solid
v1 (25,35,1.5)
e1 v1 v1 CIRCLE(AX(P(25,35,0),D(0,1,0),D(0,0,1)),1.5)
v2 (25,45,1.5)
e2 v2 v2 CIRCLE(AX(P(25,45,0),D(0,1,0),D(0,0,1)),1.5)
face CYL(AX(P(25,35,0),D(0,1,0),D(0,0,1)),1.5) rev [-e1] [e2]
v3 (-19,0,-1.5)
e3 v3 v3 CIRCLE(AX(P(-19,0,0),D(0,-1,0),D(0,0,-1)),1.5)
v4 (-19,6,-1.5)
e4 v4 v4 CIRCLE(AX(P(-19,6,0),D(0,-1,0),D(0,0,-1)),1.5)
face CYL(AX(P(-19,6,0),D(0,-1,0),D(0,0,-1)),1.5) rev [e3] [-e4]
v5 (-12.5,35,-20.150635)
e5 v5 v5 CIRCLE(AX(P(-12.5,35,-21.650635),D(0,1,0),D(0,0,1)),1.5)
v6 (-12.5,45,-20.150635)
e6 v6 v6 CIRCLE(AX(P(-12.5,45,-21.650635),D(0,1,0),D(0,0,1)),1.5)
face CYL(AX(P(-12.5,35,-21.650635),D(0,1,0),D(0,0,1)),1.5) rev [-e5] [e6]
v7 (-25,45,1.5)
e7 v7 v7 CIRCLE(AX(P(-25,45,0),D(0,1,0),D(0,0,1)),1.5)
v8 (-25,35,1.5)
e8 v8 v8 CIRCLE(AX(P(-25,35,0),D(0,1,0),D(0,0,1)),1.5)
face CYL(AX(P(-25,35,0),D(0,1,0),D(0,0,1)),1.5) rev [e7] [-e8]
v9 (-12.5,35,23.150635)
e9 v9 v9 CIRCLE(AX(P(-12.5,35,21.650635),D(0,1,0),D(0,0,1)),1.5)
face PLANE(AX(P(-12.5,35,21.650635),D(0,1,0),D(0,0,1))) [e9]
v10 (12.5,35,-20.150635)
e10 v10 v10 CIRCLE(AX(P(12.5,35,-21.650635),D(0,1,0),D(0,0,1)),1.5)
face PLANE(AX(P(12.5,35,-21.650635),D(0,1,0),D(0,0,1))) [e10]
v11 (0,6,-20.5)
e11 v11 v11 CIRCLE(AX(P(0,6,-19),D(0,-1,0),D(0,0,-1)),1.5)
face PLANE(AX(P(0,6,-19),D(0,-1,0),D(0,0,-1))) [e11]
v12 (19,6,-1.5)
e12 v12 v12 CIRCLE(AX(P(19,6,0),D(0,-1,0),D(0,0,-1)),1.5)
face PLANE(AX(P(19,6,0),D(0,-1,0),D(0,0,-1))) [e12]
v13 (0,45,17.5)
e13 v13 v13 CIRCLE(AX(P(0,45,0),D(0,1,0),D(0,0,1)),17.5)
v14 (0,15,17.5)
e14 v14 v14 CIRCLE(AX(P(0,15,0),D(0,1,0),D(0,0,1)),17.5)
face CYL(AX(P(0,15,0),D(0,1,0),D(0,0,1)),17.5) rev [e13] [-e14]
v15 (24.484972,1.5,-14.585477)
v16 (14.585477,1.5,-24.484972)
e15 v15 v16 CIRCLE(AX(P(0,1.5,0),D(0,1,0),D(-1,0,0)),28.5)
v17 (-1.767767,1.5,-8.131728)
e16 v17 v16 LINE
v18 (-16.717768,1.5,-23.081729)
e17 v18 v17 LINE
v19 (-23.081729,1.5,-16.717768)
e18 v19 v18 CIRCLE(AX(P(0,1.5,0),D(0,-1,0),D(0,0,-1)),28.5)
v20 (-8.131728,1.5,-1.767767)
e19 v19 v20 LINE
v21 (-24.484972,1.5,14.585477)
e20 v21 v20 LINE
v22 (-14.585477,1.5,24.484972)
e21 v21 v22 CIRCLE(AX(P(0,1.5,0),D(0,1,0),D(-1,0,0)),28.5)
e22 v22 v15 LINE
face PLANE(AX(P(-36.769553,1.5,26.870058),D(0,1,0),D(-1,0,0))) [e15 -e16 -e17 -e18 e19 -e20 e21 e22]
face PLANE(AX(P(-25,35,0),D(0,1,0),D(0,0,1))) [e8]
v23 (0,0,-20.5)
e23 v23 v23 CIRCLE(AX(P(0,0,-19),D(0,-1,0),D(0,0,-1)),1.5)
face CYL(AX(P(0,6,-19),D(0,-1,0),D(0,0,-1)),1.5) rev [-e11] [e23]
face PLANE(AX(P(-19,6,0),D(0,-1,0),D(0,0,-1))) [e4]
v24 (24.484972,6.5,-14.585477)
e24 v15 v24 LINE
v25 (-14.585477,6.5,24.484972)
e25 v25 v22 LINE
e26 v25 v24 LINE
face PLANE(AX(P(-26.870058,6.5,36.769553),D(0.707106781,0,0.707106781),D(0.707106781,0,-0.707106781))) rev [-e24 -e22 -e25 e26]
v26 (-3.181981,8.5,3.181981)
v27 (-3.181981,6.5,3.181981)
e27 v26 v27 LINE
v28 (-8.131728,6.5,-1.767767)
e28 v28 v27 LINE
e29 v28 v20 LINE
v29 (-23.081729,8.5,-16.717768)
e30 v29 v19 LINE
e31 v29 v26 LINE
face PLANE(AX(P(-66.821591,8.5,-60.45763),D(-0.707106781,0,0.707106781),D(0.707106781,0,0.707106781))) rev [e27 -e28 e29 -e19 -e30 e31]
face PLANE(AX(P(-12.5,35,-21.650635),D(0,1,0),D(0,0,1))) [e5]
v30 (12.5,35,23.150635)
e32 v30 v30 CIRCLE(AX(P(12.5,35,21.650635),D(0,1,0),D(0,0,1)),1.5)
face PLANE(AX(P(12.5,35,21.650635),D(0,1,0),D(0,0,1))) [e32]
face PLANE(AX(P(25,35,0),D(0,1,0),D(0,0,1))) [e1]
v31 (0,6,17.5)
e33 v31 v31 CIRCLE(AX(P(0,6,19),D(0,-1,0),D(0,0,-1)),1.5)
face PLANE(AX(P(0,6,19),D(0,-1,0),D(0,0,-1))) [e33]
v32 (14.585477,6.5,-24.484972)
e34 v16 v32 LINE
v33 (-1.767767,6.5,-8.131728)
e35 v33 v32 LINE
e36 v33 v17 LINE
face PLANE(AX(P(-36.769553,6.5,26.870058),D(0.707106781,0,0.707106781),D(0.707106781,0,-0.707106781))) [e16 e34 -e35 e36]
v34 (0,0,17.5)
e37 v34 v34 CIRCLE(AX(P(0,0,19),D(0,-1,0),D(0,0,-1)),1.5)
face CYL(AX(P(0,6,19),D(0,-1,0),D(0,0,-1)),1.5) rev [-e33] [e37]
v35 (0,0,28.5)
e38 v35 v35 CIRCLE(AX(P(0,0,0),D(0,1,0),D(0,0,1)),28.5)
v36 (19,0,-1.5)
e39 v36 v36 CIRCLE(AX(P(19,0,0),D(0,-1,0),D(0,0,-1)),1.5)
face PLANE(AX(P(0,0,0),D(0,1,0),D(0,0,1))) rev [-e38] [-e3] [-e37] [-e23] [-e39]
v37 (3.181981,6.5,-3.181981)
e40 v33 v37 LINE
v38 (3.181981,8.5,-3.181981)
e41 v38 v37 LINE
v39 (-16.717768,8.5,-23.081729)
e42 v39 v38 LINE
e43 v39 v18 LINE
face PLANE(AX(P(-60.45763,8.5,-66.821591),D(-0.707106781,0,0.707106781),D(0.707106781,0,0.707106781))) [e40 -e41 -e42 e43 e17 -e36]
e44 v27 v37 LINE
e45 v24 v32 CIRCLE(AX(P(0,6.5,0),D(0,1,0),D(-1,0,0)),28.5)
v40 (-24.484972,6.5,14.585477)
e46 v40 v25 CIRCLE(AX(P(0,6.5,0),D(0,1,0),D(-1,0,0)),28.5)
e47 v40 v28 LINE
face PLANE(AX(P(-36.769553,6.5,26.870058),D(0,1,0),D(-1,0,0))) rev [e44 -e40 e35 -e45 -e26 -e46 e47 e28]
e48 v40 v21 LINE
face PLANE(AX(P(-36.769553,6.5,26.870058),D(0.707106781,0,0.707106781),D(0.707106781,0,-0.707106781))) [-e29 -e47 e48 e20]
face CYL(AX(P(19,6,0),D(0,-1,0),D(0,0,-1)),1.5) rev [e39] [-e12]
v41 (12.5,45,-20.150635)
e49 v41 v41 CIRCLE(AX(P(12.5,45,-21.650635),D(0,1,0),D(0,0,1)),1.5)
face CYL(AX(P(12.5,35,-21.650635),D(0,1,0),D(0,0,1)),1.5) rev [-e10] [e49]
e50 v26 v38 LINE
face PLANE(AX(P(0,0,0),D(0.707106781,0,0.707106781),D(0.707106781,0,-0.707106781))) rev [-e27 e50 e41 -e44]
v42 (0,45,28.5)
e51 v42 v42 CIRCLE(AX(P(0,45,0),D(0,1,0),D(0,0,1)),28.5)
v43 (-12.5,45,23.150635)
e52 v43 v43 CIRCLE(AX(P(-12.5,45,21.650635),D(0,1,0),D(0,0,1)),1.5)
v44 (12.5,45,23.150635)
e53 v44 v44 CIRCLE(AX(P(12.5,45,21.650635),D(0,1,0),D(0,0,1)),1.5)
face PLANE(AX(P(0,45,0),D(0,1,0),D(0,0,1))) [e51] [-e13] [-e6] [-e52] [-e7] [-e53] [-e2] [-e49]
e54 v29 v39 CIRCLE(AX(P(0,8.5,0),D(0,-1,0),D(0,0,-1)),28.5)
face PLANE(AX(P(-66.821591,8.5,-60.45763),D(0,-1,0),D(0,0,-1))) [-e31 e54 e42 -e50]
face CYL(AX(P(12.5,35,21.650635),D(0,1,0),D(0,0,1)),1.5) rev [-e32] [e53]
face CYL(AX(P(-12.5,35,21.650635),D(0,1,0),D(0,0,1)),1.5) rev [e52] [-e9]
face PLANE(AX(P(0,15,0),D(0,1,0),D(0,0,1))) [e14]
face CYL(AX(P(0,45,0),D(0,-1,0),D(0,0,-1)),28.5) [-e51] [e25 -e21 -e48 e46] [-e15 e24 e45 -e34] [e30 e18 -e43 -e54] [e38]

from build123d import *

# Parameters (mm, degrees)
SKETCH_1_R          = 28.5
EXTRUDE_1_DEPTH     = 45
SKETCH_2_R          = 17.5
CUT_EXTRUDE_1_DEPTH = 30
SKETCH_3_R          = 1.5
CUT_EXTRUDE_2_DEPTH = 6
SKETCH_7_W          = 5
SKETCH_7_H          = 14
CUT_EXTRUDE_3_DEPTH = 45
SKETCH_8_W          = 7
SKETCH_8_H          = 9
CUT_EXTRUDE_4_DEPTH = 90
SKETCH_9_R          = 1.5
CUT_EXTRUDE_5_DEPTH = 10


with BuildPart() as part:
    # 草图1 → 凸台-拉伸1 (new body)
    with BuildSketch(Plane(origin=(0, 0, 0), x_dir=(1, 0, 0), z_dir=(0, 1, 0))):
        Circle(SKETCH_1_R)
    extrude(amount=EXTRUDE_1_DEPTH)

    # 草图2 → 切除-拉伸1 (cut)
    with BuildSketch(Plane(origin=(0, 45, 0), x_dir=(1, 0, 0), z_dir=(0, 1, 0))):
        Circle(SKETCH_2_R)
    extrude(amount=-CUT_EXTRUDE_1_DEPTH, mode=Mode.SUBTRACT)

    # 草图3 → 切除-拉伸2 (cut)
    with BuildSketch(Plane.XZ):
        with Locations((-19, 0)):
            Circle(SKETCH_3_R)
        with Locations((0, 19)):
            Circle(SKETCH_3_R)
        with Locations((19, 0)):
            Circle(SKETCH_3_R)
        with Locations((0, -19)):
            Circle(SKETCH_3_R)
    extrude(amount=-CUT_EXTRUDE_2_DEPTH, mode=Mode.SUBTRACT)

    # 草图7 → 切除-拉伸3 (cut, symmetric)
    with BuildSketch(Plane(origin=(0, 0, 0), x_dir=(0, 1, 0), z_dir=(0.7071067811865438, 0, -0.7071067811865512))):
        with Locations((4, 0)):
            Rectangle(SKETCH_7_W, SKETCH_7_H)
    extrude(amount=CUT_EXTRUDE_3_DEPTH, both=True, mode=Mode.SUBTRACT)

    # 草图8 → 切除-拉伸4 (cut)
    with BuildSketch(Plane(origin=(0, 0, 0), x_dir=(0, 1, 0), z_dir=(0.7071067811865488, 0, 0.7071067811865464))):
        with Locations((5, 0)):
            Rectangle(SKETCH_8_W, SKETCH_8_H)
    extrude(amount=-CUT_EXTRUDE_4_DEPTH, mode=Mode.SUBTRACT)

    # 草图9 → 切除-拉伸5 (cut)
    with BuildSketch(Plane(origin=(0, 45, 0), x_dir=(1, 0, 0), z_dir=(0, 1, 0))):
        with Locations((-25, 0)):
            Circle(SKETCH_9_R)
        with Locations((-12.5, 21.650635095)):
            Circle(SKETCH_9_R)
        with Locations((12.5, 21.650635095)):
            Circle(SKETCH_9_R)
        with Locations((25, 0)):
            Circle(SKETCH_9_R)
        with Locations((12.5, -21.650635095)):
            Circle(SKETCH_9_R)
        with Locations((-12.5, -21.650635095)):
            Circle(SKETCH_9_R)
    extrude(amount=-CUT_EXTRUDE_5_DEPTH, mode=Mode.SUBTRACT)


solid = part.part
